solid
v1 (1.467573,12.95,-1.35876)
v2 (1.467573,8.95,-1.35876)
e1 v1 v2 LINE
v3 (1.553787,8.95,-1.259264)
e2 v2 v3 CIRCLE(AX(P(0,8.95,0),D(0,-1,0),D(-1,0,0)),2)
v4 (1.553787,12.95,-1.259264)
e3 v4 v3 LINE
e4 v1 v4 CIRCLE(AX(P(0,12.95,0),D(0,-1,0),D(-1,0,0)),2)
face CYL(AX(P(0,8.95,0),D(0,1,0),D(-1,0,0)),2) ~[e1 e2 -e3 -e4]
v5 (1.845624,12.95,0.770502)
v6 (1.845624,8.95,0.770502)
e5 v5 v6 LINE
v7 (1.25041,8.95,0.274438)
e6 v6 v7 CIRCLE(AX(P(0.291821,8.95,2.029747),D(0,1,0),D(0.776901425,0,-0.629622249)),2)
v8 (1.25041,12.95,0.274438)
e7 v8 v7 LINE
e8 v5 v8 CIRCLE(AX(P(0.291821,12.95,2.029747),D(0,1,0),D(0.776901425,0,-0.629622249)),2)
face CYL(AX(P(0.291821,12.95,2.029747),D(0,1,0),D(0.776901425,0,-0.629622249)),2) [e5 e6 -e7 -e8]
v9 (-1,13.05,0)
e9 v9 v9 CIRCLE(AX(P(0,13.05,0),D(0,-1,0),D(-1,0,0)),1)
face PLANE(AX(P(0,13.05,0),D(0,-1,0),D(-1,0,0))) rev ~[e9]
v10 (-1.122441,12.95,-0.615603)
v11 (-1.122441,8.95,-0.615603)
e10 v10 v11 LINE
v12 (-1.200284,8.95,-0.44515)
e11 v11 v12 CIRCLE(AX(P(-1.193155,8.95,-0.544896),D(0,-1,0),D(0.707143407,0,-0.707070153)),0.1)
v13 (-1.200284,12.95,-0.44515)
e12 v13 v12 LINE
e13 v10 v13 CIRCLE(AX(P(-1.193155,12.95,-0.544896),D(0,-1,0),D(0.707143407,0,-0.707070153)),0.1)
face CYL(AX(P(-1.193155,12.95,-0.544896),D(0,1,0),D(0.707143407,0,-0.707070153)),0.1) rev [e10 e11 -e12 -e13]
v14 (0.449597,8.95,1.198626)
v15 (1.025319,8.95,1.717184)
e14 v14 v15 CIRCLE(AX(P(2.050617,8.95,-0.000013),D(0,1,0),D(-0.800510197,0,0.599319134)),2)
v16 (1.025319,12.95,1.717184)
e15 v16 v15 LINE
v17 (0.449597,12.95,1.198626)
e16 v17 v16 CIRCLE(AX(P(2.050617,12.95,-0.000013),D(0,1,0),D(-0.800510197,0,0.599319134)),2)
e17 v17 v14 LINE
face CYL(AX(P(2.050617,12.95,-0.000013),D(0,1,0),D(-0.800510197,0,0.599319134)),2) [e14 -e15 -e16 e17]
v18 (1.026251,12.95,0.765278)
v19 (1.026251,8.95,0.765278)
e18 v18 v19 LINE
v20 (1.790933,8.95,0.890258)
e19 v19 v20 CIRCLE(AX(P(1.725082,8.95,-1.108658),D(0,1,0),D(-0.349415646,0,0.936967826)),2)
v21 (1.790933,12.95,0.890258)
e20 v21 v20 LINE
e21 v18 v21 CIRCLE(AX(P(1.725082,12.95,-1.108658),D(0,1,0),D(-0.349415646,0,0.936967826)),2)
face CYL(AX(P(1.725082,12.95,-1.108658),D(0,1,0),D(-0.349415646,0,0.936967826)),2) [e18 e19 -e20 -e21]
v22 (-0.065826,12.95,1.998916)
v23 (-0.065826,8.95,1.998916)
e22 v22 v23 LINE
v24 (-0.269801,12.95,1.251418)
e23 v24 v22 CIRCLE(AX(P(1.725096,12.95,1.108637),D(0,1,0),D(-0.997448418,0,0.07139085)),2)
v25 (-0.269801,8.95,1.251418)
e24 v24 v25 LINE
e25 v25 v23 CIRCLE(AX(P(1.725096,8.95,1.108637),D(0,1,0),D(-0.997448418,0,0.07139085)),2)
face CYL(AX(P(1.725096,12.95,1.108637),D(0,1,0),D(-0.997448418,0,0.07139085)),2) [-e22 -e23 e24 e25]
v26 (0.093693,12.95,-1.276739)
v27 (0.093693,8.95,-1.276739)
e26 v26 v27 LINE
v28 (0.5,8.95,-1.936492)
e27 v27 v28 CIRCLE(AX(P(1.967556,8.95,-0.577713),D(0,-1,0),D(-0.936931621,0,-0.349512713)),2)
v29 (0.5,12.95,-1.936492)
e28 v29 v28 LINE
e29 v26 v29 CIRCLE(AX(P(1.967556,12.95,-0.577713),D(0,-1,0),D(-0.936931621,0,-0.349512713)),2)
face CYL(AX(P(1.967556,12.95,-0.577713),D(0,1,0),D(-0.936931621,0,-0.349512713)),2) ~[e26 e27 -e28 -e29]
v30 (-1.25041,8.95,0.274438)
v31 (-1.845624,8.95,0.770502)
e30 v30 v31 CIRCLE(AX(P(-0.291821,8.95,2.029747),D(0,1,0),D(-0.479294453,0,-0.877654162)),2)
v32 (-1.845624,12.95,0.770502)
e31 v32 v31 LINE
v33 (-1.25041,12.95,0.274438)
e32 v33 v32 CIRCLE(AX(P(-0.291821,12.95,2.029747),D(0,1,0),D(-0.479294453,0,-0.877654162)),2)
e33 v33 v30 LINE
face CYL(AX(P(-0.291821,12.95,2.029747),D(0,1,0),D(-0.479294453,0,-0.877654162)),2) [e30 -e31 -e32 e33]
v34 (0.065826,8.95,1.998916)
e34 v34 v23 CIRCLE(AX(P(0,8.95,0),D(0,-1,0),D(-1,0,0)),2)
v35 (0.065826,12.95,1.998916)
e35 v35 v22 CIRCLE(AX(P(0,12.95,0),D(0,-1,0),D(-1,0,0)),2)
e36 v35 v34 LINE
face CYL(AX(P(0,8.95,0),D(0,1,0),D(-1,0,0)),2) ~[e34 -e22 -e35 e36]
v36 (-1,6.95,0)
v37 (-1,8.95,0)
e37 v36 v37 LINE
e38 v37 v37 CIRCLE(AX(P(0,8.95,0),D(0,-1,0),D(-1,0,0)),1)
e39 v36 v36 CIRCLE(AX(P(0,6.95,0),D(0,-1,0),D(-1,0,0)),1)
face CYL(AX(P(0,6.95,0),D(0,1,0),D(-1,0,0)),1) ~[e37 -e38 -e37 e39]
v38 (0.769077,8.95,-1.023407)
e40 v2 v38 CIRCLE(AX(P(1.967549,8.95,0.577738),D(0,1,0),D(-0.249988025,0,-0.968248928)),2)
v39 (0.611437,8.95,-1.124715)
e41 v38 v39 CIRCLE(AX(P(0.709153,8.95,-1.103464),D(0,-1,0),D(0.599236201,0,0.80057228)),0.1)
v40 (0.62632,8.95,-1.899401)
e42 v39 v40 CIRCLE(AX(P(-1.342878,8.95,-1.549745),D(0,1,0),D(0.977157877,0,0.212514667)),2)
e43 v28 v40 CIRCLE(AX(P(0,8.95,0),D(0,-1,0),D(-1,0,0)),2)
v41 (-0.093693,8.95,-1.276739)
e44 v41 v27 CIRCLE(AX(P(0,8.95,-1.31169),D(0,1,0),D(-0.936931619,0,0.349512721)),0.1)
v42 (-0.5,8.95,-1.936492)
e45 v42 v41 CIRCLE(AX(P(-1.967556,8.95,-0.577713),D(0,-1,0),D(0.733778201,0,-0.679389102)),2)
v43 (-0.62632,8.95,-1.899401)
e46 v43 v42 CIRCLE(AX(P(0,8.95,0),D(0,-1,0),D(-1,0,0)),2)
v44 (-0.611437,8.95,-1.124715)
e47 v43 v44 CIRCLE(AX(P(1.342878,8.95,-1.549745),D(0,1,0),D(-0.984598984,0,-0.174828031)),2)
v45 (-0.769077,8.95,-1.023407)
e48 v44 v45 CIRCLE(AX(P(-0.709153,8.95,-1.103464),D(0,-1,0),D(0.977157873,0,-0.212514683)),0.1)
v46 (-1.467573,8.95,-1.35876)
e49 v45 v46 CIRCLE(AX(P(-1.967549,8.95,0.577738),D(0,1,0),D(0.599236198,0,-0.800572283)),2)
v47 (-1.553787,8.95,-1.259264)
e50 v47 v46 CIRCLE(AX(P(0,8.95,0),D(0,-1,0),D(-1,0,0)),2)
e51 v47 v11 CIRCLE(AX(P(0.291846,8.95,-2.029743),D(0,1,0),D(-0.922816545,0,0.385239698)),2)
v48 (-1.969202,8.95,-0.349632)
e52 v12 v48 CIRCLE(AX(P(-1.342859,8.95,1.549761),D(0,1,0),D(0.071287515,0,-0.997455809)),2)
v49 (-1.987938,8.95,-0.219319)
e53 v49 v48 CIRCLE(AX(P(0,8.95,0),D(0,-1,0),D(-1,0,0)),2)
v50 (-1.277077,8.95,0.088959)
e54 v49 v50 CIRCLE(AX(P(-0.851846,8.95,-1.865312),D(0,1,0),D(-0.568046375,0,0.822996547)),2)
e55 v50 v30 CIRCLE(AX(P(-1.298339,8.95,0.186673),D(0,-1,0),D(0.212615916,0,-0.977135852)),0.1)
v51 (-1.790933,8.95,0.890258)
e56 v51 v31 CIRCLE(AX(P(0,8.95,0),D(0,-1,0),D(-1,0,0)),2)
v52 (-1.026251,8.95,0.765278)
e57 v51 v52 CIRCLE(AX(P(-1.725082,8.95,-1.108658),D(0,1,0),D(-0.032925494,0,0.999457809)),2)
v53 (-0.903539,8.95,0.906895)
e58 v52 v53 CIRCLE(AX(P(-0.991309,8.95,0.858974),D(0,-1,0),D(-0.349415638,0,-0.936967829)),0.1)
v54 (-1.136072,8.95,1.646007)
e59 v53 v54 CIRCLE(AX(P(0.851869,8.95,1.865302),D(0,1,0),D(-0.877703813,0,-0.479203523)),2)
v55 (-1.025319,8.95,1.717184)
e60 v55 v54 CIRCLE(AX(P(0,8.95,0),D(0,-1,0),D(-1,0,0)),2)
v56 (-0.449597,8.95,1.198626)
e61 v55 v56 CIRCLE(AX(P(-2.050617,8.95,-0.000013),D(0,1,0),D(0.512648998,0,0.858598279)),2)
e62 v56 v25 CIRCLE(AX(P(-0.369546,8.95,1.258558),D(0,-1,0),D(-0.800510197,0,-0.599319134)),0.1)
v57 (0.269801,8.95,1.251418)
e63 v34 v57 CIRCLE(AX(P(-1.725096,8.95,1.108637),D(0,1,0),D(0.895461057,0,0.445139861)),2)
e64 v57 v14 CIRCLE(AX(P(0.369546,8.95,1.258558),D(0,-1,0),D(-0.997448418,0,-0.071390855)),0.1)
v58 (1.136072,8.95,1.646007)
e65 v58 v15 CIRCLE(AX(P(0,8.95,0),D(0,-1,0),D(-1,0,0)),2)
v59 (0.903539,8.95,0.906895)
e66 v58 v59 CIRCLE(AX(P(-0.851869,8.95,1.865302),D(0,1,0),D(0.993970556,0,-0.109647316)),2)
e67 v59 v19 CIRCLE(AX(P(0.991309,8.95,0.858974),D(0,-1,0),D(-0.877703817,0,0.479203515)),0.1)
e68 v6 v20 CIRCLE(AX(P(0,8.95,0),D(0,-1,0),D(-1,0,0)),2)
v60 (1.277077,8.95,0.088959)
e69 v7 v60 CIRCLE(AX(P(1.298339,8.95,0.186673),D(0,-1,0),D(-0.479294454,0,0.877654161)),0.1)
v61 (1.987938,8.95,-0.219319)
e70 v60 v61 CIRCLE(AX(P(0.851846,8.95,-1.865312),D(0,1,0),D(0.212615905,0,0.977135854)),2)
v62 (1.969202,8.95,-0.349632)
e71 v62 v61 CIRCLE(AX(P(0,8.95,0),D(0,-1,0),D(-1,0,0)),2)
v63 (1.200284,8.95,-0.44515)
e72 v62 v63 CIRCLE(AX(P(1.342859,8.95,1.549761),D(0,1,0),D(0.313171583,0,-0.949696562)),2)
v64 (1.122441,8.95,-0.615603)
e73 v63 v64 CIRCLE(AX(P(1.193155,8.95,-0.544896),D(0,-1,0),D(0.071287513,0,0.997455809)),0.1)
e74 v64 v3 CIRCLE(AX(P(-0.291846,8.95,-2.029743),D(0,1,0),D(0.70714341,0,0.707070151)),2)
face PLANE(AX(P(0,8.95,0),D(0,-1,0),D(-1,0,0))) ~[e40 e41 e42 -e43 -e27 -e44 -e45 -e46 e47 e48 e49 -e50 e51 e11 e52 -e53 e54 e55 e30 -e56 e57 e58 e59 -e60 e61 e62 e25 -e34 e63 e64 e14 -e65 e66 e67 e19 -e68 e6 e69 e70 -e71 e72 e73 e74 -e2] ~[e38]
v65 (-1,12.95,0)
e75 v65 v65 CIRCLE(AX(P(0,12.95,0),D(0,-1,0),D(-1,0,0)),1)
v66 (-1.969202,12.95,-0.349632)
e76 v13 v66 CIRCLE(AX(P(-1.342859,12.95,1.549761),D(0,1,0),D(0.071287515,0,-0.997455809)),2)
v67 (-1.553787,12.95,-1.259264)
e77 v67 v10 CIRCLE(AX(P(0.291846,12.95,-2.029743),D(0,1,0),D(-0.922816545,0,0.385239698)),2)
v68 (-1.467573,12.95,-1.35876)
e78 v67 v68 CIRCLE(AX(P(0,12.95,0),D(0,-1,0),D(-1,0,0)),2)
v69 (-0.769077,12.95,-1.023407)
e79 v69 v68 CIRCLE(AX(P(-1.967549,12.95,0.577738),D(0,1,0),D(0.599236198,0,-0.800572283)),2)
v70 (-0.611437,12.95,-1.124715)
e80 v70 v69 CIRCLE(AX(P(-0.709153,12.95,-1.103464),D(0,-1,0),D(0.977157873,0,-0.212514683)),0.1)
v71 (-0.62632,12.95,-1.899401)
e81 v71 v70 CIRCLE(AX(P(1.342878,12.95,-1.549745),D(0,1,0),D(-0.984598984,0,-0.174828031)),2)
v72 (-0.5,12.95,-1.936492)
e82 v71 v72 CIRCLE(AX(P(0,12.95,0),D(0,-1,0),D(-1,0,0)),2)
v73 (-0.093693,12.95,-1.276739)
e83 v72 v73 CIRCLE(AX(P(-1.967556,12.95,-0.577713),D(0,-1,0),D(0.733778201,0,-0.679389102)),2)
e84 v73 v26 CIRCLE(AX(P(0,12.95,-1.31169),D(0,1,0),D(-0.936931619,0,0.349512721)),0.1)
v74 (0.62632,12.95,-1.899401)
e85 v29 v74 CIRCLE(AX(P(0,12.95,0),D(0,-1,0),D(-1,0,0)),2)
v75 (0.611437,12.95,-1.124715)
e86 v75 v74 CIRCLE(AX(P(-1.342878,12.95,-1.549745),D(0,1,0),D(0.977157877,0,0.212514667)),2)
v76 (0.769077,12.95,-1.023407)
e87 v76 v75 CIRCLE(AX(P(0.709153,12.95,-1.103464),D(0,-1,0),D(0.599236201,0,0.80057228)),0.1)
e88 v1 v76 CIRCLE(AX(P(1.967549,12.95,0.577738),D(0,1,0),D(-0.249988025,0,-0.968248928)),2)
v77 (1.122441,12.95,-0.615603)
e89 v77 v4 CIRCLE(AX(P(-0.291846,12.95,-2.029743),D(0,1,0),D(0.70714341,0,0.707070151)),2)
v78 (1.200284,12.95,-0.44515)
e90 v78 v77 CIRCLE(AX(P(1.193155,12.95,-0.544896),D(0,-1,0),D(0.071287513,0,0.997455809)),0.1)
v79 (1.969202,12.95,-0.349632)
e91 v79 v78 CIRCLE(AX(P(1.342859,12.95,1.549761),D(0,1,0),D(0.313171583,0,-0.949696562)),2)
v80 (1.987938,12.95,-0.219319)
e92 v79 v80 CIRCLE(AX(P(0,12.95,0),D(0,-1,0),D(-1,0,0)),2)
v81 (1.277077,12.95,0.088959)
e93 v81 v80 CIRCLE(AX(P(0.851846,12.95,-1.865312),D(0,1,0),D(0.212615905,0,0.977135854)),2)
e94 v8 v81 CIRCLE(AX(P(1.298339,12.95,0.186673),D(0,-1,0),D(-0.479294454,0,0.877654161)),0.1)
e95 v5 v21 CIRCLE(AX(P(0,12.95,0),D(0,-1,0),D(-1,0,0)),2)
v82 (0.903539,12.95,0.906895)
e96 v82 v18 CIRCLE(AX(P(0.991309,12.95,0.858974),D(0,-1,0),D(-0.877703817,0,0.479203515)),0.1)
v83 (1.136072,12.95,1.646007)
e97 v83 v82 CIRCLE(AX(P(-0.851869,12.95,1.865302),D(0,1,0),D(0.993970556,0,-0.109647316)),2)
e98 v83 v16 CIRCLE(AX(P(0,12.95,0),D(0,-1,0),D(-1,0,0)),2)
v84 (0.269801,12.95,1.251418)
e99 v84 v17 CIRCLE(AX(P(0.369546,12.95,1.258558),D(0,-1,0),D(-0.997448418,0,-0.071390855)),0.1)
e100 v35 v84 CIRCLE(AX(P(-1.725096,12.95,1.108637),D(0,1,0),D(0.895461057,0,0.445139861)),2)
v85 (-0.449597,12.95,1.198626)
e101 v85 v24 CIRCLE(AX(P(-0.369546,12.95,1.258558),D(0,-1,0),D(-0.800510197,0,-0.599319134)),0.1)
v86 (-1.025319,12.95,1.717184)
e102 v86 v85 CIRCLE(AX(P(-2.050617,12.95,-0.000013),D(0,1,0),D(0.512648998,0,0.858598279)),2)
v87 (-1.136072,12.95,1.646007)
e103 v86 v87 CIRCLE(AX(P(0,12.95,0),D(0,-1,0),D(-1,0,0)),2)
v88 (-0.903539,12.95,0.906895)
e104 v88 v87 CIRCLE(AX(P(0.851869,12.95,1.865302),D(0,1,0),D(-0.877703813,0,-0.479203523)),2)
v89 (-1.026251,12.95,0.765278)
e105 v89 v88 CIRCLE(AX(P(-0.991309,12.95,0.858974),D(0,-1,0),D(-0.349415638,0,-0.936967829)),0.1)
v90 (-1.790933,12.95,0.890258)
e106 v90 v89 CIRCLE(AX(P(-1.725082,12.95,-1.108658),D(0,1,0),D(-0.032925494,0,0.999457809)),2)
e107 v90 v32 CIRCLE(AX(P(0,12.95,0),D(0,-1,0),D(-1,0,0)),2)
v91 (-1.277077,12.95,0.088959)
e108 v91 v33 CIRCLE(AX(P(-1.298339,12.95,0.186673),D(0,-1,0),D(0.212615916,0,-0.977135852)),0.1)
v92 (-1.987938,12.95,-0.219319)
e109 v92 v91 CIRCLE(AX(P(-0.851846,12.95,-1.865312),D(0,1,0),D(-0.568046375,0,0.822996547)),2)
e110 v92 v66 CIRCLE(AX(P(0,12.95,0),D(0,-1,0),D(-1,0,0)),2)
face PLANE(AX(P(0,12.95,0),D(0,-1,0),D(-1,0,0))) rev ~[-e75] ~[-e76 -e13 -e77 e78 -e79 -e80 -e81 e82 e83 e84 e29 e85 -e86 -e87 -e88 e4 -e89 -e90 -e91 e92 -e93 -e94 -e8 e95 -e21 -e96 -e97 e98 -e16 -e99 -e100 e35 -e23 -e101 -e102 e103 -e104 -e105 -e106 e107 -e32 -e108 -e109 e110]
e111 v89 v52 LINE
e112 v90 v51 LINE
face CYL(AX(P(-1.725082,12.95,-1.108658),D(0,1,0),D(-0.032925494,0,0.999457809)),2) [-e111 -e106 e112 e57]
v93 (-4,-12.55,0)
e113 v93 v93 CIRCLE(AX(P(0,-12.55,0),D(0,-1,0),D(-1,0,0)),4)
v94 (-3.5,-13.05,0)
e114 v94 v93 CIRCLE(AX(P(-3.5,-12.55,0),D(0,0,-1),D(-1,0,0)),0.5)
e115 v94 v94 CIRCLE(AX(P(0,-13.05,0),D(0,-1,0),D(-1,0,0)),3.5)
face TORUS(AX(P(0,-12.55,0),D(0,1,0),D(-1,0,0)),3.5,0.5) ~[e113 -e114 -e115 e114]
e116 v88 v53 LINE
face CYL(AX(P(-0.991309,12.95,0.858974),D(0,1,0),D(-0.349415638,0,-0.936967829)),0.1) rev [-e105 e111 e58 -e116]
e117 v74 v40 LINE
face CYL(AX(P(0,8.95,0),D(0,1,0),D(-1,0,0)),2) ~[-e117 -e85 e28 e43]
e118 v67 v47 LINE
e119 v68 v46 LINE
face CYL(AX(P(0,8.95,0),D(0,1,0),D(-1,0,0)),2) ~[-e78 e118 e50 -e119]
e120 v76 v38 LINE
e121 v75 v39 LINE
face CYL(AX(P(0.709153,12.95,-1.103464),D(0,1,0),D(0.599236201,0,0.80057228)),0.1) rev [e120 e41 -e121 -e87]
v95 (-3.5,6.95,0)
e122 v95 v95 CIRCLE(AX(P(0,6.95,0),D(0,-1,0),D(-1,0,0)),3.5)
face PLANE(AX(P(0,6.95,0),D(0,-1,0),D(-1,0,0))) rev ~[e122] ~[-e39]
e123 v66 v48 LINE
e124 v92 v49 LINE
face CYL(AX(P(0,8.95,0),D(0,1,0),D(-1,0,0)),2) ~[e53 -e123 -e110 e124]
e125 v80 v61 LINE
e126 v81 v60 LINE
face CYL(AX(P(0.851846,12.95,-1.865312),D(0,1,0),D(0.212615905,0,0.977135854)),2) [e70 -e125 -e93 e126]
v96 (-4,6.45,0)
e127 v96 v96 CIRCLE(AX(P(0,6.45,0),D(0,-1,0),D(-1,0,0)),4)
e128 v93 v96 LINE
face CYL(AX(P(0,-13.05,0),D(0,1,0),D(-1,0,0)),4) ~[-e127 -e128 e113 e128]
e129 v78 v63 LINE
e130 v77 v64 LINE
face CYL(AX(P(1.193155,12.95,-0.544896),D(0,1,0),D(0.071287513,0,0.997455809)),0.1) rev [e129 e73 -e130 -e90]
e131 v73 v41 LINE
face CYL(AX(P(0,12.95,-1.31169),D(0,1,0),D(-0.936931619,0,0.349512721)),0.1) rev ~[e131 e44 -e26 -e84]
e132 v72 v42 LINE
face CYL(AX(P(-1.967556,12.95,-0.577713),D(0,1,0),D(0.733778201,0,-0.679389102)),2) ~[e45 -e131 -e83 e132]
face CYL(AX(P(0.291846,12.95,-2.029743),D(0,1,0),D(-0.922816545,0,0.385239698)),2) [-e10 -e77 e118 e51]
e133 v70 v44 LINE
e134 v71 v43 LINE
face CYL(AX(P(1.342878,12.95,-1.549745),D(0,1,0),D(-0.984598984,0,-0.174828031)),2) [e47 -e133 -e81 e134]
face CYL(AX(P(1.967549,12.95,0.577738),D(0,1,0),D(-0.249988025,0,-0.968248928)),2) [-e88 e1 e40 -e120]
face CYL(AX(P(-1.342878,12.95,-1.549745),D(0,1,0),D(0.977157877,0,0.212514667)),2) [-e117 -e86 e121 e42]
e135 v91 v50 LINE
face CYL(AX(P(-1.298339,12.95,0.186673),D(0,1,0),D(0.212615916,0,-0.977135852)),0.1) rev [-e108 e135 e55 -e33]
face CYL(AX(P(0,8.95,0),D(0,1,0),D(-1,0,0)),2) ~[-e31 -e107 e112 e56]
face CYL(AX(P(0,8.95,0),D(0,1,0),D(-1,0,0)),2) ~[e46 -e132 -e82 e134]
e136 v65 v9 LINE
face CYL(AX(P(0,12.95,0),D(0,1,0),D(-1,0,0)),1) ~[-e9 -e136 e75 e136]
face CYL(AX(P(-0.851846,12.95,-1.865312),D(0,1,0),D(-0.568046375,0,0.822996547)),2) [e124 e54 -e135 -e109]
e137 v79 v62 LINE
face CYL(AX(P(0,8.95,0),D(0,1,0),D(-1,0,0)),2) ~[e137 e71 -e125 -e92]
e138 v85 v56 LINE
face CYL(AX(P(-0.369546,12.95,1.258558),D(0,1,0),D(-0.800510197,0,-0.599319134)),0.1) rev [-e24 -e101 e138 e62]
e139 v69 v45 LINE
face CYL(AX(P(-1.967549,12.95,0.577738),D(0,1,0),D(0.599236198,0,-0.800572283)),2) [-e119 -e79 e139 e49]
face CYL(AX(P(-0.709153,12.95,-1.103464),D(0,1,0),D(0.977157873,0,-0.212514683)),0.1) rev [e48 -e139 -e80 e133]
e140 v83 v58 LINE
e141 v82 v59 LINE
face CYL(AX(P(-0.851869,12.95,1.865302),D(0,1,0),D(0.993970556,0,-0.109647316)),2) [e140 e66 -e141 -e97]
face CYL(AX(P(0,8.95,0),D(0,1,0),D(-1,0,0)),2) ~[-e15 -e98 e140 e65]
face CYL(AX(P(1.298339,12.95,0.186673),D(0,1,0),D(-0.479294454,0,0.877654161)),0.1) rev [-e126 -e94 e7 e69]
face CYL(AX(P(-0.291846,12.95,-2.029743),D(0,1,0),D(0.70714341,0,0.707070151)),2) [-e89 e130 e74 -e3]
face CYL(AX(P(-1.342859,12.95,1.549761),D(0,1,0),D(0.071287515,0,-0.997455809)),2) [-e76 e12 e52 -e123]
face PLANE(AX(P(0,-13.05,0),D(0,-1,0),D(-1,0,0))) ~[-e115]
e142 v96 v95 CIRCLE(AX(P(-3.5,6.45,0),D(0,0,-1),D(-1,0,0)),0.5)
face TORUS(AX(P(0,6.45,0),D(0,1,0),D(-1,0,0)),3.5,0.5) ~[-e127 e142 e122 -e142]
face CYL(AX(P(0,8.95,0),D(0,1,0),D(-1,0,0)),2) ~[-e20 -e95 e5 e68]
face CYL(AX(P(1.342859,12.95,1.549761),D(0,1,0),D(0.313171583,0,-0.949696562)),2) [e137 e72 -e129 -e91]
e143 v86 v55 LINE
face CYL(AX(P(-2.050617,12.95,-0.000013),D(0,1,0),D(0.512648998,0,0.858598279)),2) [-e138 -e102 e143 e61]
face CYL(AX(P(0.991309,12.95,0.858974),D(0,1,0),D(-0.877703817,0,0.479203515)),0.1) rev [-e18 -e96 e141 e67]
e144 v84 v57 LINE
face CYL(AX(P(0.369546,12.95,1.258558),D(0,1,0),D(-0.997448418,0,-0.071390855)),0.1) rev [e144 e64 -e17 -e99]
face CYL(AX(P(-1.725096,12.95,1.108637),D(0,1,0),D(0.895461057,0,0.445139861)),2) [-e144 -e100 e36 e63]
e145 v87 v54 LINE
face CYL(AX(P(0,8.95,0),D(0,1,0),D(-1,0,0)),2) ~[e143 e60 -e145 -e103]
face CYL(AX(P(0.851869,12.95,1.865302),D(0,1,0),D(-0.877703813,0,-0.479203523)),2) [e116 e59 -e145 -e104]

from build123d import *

# Parameters (mm, degrees)
CUT_EXTRUDE1_DEPTH = 4
FILLET1_R          = 0.5


with BuildPart() as part:
    # Sketch1 → Revolve1 (revolve)
    with BuildSketch(Plane.XY, mode=Mode.PRIVATE) as revolve1_sk:
        Polygon((0, 13.05), (0, -13.05), (4, -13.05), (4, 6.95), (1, 6.95), (1, 8.95), (2, 8.95), (2, 12.95), (1, 12.95), (1, 13.05), align=None)
    revolve(revolve1_sk.sketch.rotate(Axis((0, 13.05, 0), (0, -1, 0)), 180), axis=Axis((0, 13.05, 0), (0, -1, 0)))

    # Sketch2 → Cut-Extrude1 (cut)
    with BuildSketch(Plane(origin=(0, 12.95, 0), x_dir=(1, 0, 0), z_dir=(0, 1, 0))):
        with BuildLine():
            ThreePointArc((0.5, 1.936491673), (0, 2), (-0.5, 1.936491673))
            ThreePointArc((-0.5, 1.936491673), (-0.264591418, 1.626479536), (-0.093693162, 1.276738901))
            ThreePointArc((-0.093693162, 1.276738901), (0, 1.211690173), (0.093693162, 1.276738901))
            ThreePointArc((0.093693162, 1.276738901), (0.264591418, 1.626479536), (0.5, 1.936491673))
        make_face()
        with BuildLine():
            ThreePointArc((1.467573208, 1.358760053), (1.101929691, 1.225232735), (0.769076867, 1.023406763))
            ThreePointArc((0.769076867, 1.023406763), (0.655089165, 1.019338638), (0.61143746, 1.124715459))
            ThreePointArc((0.61143746, 1.124715459), (0.65675276, 1.511330576), (0.626319675, 1.89940087))
            ThreePointArc((0.626319675, 1.89940087), (1.081281635, 1.682507066), (1.467573208, 1.358760053))
        make_face()
        with BuildLine():
            ThreePointArc((1.969202291, 0.349631716), (1.589413073, 0.434983198), (1.2002841, 0.445150209))
            ThreePointArc((1.2002841, 0.445150209), (1.102192149, 0.503354289), (1.122441008, 0.615602805))
            ThreePointArc((1.122441008, 0.615602805), (1.369582578, 0.916344837), (1.553787278, 1.259263711))
            ThreePointArc((1.553787278, 1.259263711), (1.819263991, 0.830830026), (1.969202291, 0.349631716))
        make_face()
        with BuildLine():
            ThreePointArc((1.845623561, -0.77050222), (1.572269034, -0.493370431), (1.250409613, -0.274438391))
            ThreePointArc((1.250409613, -0.274438391), (1.199356914, -0.172441491), (1.277077467, -0.088959389))
            ThreePointArc((1.277077467, -0.088959389), (1.647579604, 0.030426087), (1.987938399, 0.219319222))
            ThreePointArc((1.987938399, 0.219319222), (1.979642884, -0.284629677), (1.845623561, -0.77050222))
        make_face()
        with BuildLine():
            ThreePointArc((1.136072391, -1.646007146), (1.055940687, -1.265082434), (0.903538908, -0.906894741))
            ThreePointArc((0.903538908, -0.906894741), (0.915734332, -0.793488316), (1.026250854, -0.765277606))
            ThreePointArc((1.026250854, -0.765277606), (1.402481747, -0.865152731), (1.790933125, -0.890257571))
            ThreePointArc((1.790933125, -0.890257571), (1.511499149, -1.309721468), (1.136072391, -1.646007146))
        make_face()
        with BuildLine():
            ThreePointArc((0.065826264, -1.998916432), (0.204358632, -1.635139703), (0.269800984, -1.251418419))
            ThreePointArc((0.269800984, -1.251418419), (0.34137257, -1.162608207), (0.449596846, -1.198625591))
            ThreePointArc((0.449596846, -1.198625591), (0.712105845, -1.48605167), (1.025319237, -1.717183875))
            ThreePointArc((1.025319237, -1.717183875), (0.563465114, -1.918985947), (0.065826264, -1.998916432))
        make_face()
        with BuildLine():
            ThreePointArc((-1.025319237, -1.717183875), (-0.712105845, -1.48605167), (-0.449596846, -1.198625591))
            ThreePointArc((-0.449596846, -1.198625591), (-0.34137257, -1.162608207), (-0.269800984, -1.251418419))
            ThreePointArc((-0.269800984, -1.251418419), (-0.204358632, -1.635139703), (-0.065826264, -1.998916432))
            ThreePointArc((-0.065826264, -1.998916432), (-0.563465114, -1.918985947), (-1.025319237, -1.717183875))
        make_face()
        with BuildLine():
            ThreePointArc((-1.790933125, -0.890257571), (-1.402481747, -0.865152731), (-1.026250854, -0.765277606))
            ThreePointArc((-1.026250854, -0.765277606), (-0.915734332, -0.793488316), (-0.903538908, -0.906894741))
            ThreePointArc((-0.903538908, -0.906894741), (-1.055940687, -1.265082434), (-1.136072391, -1.646007146))
            ThreePointArc((-1.136072391, -1.646007146), (-1.511499149, -1.309721468), (-1.790933125, -0.890257571))
        make_face()
        with BuildLine():
            ThreePointArc((-1.987938399, 0.219319222), (-1.647579604, 0.030426087), (-1.277077467, -0.088959389))
            ThreePointArc((-1.277077467, -0.088959389), (-1.199356914, -0.172441491), (-1.250409613, -0.274438391))
            ThreePointArc((-1.250409613, -0.274438391), (-1.572269034, -0.493370431), (-1.845623561, -0.77050222))
            ThreePointArc((-1.845623561, -0.77050222), (-1.979642884, -0.284629677), (-1.987938399, 0.219319222))
        make_face()
        with BuildLine():
            ThreePointArc((-1.553787278, 1.259263711), (-1.369582578, 0.916344837), (-1.122441008, 0.615602805))
            ThreePointArc((-1.122441008, 0.615602805), (-1.102192149, 0.503354289), (-1.2002841, 0.445150209))
            ThreePointArc((-1.2002841, 0.445150209), (-1.589413073, 0.434983198), (-1.969202291, 0.349631716))
            ThreePointArc((-1.969202291, 0.349631716), (-1.819263991, 0.830830026), (-1.553787278, 1.259263711))
        make_face()
        with BuildLine():
            ThreePointArc((-0.626319675, 1.89940087), (-0.65675276, 1.511330576), (-0.61143746, 1.124715459))
            ThreePointArc((-0.61143746, 1.124715459), (-0.655089165, 1.019338638), (-0.769076867, 1.023406763))
            ThreePointArc((-0.769076867, 1.023406763), (-1.101929691, 1.225232735), (-1.467573208, 1.358760053))
            ThreePointArc((-1.467573208, 1.358760053), (-1.081281635, 1.682507066), (-0.626319675, 1.89940087))
        make_face()
    extrude(amount=-CUT_EXTRUDE1_DEPTH, mode=Mode.SUBTRACT)

    # Fillet1
    fillet1_edges = [part.edges().sort_by_distance(p)[0] for p in [
        (4, -13.05, 0),
        (4, 6.95, 0),
    ]]
    fillet(fillet1_edges, radius=FILLET1_R)


solid = part.part
